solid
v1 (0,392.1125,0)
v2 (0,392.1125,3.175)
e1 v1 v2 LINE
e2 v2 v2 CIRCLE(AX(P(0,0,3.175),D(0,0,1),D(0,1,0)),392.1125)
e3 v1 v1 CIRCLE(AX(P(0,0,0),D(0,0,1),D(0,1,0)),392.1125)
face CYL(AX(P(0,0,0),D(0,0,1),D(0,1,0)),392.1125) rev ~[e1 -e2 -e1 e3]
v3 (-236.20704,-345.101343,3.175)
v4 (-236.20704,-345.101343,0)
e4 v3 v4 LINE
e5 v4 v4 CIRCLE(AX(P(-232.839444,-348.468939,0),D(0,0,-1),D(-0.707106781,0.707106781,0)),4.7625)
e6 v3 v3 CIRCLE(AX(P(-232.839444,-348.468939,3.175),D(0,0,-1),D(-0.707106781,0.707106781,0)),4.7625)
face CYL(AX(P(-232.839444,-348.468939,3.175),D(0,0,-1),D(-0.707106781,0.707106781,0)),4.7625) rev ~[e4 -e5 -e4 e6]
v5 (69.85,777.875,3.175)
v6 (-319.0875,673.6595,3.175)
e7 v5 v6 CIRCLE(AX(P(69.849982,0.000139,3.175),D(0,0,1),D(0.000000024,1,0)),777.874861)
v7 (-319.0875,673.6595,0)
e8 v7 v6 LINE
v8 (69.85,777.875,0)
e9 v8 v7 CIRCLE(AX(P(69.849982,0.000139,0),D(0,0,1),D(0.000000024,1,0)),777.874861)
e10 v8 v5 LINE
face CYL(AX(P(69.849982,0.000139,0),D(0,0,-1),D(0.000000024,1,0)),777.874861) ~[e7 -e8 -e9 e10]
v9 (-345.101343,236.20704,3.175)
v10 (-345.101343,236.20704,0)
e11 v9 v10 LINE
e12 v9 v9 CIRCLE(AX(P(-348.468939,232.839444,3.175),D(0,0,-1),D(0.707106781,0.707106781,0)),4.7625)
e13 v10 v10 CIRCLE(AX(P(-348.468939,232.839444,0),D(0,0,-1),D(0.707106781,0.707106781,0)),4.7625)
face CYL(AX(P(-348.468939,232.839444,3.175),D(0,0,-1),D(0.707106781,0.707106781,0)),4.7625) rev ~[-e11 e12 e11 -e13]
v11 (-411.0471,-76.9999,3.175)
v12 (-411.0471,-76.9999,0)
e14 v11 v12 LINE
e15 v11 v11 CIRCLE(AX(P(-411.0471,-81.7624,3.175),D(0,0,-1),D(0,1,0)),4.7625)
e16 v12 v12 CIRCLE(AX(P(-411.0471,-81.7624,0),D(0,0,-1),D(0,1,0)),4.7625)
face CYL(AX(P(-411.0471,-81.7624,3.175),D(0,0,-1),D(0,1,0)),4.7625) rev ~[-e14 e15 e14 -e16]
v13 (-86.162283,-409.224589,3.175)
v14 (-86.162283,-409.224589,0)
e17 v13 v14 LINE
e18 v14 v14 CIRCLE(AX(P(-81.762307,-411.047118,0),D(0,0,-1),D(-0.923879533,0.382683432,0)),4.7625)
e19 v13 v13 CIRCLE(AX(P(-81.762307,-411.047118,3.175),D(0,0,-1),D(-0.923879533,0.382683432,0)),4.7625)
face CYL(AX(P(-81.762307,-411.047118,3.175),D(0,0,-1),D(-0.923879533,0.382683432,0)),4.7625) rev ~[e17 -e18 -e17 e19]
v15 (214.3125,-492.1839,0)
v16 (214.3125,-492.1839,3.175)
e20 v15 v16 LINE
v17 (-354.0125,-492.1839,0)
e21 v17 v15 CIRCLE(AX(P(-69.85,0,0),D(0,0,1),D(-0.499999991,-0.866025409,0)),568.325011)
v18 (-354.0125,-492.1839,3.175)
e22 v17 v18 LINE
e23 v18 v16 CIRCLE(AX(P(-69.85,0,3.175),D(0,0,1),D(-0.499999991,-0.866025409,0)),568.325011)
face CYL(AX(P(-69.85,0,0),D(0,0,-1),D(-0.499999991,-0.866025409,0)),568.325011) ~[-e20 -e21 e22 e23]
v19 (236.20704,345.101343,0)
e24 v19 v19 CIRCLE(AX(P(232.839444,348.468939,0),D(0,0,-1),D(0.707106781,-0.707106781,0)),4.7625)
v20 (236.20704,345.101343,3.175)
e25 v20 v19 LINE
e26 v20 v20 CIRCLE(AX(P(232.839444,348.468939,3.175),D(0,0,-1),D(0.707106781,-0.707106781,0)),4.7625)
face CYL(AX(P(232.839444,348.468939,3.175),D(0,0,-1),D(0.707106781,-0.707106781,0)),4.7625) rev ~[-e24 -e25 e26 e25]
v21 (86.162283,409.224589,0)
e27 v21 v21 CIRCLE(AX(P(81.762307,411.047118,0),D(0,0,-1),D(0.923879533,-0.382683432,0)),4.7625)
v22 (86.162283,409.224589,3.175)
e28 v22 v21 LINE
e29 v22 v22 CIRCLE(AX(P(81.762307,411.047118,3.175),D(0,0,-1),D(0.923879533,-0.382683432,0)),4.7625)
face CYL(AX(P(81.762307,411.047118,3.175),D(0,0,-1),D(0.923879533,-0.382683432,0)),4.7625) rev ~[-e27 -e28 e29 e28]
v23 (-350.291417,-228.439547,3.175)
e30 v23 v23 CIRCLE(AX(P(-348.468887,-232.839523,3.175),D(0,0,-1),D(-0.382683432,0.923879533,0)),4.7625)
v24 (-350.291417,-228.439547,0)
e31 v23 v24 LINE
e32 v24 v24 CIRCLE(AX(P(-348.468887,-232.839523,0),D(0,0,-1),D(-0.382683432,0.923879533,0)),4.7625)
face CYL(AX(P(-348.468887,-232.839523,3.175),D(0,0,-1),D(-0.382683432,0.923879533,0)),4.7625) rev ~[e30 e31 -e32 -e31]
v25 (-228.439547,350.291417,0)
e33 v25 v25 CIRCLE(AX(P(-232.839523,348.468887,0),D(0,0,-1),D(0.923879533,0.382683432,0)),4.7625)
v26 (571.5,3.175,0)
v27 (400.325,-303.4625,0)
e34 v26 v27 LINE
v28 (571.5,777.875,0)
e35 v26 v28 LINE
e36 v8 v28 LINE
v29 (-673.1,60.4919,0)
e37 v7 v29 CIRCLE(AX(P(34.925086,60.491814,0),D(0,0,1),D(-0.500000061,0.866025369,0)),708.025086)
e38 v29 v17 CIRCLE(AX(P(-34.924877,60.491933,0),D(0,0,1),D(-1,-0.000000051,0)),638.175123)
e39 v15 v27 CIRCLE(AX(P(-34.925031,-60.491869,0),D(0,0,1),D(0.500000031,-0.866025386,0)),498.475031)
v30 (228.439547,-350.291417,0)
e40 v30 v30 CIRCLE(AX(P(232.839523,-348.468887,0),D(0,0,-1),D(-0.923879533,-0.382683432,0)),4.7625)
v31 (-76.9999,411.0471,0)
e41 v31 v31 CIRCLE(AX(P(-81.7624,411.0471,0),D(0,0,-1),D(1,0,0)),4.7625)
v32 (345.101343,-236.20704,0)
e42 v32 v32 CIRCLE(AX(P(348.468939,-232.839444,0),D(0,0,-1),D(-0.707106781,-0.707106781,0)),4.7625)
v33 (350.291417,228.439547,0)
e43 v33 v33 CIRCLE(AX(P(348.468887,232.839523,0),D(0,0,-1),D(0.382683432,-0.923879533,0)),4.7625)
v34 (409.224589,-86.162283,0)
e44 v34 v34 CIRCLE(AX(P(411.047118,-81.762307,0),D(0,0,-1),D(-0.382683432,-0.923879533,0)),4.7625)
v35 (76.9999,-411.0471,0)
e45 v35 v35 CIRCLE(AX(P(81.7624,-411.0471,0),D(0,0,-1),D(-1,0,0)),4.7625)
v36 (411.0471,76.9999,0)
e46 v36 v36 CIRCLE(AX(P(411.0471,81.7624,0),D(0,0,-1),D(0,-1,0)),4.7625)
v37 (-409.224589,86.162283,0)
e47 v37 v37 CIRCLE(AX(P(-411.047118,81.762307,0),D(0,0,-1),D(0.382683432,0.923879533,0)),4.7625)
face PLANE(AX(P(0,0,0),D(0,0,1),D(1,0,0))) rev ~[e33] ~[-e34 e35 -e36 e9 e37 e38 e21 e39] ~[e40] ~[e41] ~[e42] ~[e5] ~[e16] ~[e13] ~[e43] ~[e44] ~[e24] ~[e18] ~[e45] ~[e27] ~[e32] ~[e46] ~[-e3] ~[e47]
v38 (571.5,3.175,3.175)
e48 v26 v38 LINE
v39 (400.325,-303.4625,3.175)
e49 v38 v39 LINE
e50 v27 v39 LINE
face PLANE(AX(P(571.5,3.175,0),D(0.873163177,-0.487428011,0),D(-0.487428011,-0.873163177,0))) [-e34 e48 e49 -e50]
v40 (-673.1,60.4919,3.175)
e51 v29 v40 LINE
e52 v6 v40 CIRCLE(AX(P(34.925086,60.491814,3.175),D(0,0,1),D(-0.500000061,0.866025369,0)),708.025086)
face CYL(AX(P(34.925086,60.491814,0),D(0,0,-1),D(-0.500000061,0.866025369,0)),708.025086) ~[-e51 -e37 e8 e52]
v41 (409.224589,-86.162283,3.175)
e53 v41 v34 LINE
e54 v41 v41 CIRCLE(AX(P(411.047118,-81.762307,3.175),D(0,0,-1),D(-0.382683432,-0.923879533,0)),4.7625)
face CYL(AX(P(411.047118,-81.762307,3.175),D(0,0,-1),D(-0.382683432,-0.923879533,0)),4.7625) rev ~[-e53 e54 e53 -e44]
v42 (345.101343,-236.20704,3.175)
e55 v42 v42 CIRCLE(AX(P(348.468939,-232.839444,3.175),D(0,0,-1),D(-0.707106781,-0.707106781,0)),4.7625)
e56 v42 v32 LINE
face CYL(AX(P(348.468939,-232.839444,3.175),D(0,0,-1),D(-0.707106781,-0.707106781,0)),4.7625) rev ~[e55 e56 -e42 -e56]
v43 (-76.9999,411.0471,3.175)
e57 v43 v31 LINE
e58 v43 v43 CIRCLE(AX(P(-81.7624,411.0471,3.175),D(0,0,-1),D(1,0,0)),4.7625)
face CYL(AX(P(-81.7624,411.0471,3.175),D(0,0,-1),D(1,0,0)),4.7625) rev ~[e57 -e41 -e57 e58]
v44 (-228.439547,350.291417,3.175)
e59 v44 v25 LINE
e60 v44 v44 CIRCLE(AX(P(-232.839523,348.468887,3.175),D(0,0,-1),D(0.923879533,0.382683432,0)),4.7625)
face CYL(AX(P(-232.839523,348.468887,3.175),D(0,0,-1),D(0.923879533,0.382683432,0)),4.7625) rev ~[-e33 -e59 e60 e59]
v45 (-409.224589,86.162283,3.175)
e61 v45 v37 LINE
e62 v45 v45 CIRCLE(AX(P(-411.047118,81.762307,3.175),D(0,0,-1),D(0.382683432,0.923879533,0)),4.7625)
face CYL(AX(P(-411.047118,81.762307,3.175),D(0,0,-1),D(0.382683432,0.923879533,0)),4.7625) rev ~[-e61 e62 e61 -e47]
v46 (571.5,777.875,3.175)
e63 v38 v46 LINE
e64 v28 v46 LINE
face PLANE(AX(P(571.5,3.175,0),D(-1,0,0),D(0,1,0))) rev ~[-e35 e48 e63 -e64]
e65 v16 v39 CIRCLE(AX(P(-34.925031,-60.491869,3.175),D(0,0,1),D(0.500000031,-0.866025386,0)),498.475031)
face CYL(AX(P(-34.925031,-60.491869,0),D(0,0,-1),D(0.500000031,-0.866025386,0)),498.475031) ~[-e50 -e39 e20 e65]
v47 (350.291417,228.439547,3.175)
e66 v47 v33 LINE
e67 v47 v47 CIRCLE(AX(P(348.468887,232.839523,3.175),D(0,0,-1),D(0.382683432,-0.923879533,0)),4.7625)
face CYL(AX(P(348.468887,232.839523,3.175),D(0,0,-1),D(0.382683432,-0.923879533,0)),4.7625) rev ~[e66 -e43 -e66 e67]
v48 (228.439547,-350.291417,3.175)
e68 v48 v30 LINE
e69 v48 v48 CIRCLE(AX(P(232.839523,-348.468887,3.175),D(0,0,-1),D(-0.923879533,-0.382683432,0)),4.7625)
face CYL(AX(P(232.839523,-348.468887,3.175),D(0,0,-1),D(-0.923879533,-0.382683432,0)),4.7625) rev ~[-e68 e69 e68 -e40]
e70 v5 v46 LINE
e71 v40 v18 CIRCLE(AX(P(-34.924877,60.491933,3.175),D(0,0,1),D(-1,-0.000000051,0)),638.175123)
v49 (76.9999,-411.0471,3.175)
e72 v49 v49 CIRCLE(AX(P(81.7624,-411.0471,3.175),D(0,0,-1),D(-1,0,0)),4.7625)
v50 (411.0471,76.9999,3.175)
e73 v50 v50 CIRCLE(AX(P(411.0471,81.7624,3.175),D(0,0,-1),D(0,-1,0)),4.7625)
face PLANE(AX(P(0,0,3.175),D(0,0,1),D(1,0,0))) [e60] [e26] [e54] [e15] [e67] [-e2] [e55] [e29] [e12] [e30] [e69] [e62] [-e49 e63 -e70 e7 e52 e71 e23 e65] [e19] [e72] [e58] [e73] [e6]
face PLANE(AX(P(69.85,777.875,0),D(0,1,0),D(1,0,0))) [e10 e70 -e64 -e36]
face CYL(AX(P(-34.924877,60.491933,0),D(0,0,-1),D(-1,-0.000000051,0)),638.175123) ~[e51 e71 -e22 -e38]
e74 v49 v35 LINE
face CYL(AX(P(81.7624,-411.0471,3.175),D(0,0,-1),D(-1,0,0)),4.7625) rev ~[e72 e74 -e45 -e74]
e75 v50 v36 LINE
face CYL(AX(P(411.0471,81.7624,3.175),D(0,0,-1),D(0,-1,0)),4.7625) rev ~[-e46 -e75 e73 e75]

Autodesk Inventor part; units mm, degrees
ref_plane "YZ Plane" through (0, 0, 0) normal (1, 0, 0) x (0, 1, 0)
ref_plane "XZ Plane" through (0, 0, 0) normal (0, 1, 0) x (-1, 0, 0)
ref_plane "XY Plane" through (0, 0, 0) normal (0, 0, 1) x (1, 0, 0)
sketch "Sketch1" plane through (0, 0, 0) normal (0, 0, 1) x (1, 0, 0)
  circle A0 centre (0, 0) radius 69.85 construction
  line L0 (69.85, 0) -> (34.925, -60.4919) construction
  line L1 (34.925, -60.4919) -> (-34.925, -60.4919) construction
  line L2 (-34.925, -60.4919) -> (-69.85, 0) construction
  line L3 (-69.85, 0) -> (-34.925, 60.4919) construction
  line L4 (-34.925, 60.4919) -> (34.925, 60.4919) construction
  line L5 (34.925, 60.4919) -> (69.85, 0) construction
  line L6 (69.85, 0) -> (69.85, 777.875) construction
  line L7 (0, 60.4919) -> (0, -60.4919) construction
  line L8 (-69.85, 0) -> (69.85, 0) construction
  arc A1 (69.85, 777.875) -> (-319.0875, 673.6595) centre (69.85, 0) ccw
  arc A2 (-319.0875, 673.6595) -> (-673.1, 60.4919) centre (34.925, 60.4919) ccw
  arc A3 (-673.1, 60.4919) -> (-354.0125, -492.1839) centre (-34.925, 60.4919) ccw
  arc A4 (-354.0125, -492.1839) -> (214.3125, -492.1839) centre (-69.85, 0) ccw
  arc A5 (214.3125, -492.1839) -> (463.55, -60.4919) centre (-34.925, -60.4919) ccw
  arc A6 (463.55, -60.4919) -> (458.7952, 3.175) centre (34.925, -60.4919) ccw
  line L9 (458.7952, 3.175) -> (571.5, 3.175)
  line L10 (571.5, 3.175) -> (571.5, 777.875)
  line L11 (69.85, 777.875) -> (571.5, 777.875)
  line L12 (571.5, 3.175) -> (400.325, -303.4625)
  dimension "d0" = 777.875
  dimension "d1" = 139.7
  dimension "d2" = 571.5
  dimension "d3" = 774.7
  dimension "d5" = 498.475
extrude "Extrusion1" add sketch "Sketch1" along normal blind 3.175
hole "Hole1" at (0, 0, 0) direction (0, 0, 1) diameter 784.225 end through all
ref_plane "Work Plane1" through (0, 0, 1833.3831) normal (-1, 0, 0) x (0, 0, 1)
ref_plane "Work Plane2" through (0, 0, 1833.3831) normal (0, -1, 0) x (0, 0, 1)
ref_plane "Work Plane3" through (0, 0, 1833.3831) normal (0.7071, -0.7071, 0) x (0, 0, 1)
ref_plane "Work Plane4" through (0, 0, 1833.3831) normal (-0.7071, -0.7071, 0) x (0, 0, 1)
sketch "Sketch2" plane through (0, 0, 3.175) normal (0, 0, 1) x (1, 0, 0)
  circle A0 centre (0, 0) radius 392.1125 projected
  point P0 (411.0471, 81.7624)
  dimension "d19" = 419.1
  dimension "d20" = 81.7623
hole "Hole2" at (411.0471, 81.7624, 3.175) direction (0, 0, -1) diameter 9.525 end through all
pattern_circular "Circular Pattern1" count 16 over 360 about axis through (0, 0, 1833.3831) along (0, 0, 1) of "Hole2"
equation "\"d20\" = 0.19509 * d19"
properties part number "inlet side sheet" material "Steel, Mild"
